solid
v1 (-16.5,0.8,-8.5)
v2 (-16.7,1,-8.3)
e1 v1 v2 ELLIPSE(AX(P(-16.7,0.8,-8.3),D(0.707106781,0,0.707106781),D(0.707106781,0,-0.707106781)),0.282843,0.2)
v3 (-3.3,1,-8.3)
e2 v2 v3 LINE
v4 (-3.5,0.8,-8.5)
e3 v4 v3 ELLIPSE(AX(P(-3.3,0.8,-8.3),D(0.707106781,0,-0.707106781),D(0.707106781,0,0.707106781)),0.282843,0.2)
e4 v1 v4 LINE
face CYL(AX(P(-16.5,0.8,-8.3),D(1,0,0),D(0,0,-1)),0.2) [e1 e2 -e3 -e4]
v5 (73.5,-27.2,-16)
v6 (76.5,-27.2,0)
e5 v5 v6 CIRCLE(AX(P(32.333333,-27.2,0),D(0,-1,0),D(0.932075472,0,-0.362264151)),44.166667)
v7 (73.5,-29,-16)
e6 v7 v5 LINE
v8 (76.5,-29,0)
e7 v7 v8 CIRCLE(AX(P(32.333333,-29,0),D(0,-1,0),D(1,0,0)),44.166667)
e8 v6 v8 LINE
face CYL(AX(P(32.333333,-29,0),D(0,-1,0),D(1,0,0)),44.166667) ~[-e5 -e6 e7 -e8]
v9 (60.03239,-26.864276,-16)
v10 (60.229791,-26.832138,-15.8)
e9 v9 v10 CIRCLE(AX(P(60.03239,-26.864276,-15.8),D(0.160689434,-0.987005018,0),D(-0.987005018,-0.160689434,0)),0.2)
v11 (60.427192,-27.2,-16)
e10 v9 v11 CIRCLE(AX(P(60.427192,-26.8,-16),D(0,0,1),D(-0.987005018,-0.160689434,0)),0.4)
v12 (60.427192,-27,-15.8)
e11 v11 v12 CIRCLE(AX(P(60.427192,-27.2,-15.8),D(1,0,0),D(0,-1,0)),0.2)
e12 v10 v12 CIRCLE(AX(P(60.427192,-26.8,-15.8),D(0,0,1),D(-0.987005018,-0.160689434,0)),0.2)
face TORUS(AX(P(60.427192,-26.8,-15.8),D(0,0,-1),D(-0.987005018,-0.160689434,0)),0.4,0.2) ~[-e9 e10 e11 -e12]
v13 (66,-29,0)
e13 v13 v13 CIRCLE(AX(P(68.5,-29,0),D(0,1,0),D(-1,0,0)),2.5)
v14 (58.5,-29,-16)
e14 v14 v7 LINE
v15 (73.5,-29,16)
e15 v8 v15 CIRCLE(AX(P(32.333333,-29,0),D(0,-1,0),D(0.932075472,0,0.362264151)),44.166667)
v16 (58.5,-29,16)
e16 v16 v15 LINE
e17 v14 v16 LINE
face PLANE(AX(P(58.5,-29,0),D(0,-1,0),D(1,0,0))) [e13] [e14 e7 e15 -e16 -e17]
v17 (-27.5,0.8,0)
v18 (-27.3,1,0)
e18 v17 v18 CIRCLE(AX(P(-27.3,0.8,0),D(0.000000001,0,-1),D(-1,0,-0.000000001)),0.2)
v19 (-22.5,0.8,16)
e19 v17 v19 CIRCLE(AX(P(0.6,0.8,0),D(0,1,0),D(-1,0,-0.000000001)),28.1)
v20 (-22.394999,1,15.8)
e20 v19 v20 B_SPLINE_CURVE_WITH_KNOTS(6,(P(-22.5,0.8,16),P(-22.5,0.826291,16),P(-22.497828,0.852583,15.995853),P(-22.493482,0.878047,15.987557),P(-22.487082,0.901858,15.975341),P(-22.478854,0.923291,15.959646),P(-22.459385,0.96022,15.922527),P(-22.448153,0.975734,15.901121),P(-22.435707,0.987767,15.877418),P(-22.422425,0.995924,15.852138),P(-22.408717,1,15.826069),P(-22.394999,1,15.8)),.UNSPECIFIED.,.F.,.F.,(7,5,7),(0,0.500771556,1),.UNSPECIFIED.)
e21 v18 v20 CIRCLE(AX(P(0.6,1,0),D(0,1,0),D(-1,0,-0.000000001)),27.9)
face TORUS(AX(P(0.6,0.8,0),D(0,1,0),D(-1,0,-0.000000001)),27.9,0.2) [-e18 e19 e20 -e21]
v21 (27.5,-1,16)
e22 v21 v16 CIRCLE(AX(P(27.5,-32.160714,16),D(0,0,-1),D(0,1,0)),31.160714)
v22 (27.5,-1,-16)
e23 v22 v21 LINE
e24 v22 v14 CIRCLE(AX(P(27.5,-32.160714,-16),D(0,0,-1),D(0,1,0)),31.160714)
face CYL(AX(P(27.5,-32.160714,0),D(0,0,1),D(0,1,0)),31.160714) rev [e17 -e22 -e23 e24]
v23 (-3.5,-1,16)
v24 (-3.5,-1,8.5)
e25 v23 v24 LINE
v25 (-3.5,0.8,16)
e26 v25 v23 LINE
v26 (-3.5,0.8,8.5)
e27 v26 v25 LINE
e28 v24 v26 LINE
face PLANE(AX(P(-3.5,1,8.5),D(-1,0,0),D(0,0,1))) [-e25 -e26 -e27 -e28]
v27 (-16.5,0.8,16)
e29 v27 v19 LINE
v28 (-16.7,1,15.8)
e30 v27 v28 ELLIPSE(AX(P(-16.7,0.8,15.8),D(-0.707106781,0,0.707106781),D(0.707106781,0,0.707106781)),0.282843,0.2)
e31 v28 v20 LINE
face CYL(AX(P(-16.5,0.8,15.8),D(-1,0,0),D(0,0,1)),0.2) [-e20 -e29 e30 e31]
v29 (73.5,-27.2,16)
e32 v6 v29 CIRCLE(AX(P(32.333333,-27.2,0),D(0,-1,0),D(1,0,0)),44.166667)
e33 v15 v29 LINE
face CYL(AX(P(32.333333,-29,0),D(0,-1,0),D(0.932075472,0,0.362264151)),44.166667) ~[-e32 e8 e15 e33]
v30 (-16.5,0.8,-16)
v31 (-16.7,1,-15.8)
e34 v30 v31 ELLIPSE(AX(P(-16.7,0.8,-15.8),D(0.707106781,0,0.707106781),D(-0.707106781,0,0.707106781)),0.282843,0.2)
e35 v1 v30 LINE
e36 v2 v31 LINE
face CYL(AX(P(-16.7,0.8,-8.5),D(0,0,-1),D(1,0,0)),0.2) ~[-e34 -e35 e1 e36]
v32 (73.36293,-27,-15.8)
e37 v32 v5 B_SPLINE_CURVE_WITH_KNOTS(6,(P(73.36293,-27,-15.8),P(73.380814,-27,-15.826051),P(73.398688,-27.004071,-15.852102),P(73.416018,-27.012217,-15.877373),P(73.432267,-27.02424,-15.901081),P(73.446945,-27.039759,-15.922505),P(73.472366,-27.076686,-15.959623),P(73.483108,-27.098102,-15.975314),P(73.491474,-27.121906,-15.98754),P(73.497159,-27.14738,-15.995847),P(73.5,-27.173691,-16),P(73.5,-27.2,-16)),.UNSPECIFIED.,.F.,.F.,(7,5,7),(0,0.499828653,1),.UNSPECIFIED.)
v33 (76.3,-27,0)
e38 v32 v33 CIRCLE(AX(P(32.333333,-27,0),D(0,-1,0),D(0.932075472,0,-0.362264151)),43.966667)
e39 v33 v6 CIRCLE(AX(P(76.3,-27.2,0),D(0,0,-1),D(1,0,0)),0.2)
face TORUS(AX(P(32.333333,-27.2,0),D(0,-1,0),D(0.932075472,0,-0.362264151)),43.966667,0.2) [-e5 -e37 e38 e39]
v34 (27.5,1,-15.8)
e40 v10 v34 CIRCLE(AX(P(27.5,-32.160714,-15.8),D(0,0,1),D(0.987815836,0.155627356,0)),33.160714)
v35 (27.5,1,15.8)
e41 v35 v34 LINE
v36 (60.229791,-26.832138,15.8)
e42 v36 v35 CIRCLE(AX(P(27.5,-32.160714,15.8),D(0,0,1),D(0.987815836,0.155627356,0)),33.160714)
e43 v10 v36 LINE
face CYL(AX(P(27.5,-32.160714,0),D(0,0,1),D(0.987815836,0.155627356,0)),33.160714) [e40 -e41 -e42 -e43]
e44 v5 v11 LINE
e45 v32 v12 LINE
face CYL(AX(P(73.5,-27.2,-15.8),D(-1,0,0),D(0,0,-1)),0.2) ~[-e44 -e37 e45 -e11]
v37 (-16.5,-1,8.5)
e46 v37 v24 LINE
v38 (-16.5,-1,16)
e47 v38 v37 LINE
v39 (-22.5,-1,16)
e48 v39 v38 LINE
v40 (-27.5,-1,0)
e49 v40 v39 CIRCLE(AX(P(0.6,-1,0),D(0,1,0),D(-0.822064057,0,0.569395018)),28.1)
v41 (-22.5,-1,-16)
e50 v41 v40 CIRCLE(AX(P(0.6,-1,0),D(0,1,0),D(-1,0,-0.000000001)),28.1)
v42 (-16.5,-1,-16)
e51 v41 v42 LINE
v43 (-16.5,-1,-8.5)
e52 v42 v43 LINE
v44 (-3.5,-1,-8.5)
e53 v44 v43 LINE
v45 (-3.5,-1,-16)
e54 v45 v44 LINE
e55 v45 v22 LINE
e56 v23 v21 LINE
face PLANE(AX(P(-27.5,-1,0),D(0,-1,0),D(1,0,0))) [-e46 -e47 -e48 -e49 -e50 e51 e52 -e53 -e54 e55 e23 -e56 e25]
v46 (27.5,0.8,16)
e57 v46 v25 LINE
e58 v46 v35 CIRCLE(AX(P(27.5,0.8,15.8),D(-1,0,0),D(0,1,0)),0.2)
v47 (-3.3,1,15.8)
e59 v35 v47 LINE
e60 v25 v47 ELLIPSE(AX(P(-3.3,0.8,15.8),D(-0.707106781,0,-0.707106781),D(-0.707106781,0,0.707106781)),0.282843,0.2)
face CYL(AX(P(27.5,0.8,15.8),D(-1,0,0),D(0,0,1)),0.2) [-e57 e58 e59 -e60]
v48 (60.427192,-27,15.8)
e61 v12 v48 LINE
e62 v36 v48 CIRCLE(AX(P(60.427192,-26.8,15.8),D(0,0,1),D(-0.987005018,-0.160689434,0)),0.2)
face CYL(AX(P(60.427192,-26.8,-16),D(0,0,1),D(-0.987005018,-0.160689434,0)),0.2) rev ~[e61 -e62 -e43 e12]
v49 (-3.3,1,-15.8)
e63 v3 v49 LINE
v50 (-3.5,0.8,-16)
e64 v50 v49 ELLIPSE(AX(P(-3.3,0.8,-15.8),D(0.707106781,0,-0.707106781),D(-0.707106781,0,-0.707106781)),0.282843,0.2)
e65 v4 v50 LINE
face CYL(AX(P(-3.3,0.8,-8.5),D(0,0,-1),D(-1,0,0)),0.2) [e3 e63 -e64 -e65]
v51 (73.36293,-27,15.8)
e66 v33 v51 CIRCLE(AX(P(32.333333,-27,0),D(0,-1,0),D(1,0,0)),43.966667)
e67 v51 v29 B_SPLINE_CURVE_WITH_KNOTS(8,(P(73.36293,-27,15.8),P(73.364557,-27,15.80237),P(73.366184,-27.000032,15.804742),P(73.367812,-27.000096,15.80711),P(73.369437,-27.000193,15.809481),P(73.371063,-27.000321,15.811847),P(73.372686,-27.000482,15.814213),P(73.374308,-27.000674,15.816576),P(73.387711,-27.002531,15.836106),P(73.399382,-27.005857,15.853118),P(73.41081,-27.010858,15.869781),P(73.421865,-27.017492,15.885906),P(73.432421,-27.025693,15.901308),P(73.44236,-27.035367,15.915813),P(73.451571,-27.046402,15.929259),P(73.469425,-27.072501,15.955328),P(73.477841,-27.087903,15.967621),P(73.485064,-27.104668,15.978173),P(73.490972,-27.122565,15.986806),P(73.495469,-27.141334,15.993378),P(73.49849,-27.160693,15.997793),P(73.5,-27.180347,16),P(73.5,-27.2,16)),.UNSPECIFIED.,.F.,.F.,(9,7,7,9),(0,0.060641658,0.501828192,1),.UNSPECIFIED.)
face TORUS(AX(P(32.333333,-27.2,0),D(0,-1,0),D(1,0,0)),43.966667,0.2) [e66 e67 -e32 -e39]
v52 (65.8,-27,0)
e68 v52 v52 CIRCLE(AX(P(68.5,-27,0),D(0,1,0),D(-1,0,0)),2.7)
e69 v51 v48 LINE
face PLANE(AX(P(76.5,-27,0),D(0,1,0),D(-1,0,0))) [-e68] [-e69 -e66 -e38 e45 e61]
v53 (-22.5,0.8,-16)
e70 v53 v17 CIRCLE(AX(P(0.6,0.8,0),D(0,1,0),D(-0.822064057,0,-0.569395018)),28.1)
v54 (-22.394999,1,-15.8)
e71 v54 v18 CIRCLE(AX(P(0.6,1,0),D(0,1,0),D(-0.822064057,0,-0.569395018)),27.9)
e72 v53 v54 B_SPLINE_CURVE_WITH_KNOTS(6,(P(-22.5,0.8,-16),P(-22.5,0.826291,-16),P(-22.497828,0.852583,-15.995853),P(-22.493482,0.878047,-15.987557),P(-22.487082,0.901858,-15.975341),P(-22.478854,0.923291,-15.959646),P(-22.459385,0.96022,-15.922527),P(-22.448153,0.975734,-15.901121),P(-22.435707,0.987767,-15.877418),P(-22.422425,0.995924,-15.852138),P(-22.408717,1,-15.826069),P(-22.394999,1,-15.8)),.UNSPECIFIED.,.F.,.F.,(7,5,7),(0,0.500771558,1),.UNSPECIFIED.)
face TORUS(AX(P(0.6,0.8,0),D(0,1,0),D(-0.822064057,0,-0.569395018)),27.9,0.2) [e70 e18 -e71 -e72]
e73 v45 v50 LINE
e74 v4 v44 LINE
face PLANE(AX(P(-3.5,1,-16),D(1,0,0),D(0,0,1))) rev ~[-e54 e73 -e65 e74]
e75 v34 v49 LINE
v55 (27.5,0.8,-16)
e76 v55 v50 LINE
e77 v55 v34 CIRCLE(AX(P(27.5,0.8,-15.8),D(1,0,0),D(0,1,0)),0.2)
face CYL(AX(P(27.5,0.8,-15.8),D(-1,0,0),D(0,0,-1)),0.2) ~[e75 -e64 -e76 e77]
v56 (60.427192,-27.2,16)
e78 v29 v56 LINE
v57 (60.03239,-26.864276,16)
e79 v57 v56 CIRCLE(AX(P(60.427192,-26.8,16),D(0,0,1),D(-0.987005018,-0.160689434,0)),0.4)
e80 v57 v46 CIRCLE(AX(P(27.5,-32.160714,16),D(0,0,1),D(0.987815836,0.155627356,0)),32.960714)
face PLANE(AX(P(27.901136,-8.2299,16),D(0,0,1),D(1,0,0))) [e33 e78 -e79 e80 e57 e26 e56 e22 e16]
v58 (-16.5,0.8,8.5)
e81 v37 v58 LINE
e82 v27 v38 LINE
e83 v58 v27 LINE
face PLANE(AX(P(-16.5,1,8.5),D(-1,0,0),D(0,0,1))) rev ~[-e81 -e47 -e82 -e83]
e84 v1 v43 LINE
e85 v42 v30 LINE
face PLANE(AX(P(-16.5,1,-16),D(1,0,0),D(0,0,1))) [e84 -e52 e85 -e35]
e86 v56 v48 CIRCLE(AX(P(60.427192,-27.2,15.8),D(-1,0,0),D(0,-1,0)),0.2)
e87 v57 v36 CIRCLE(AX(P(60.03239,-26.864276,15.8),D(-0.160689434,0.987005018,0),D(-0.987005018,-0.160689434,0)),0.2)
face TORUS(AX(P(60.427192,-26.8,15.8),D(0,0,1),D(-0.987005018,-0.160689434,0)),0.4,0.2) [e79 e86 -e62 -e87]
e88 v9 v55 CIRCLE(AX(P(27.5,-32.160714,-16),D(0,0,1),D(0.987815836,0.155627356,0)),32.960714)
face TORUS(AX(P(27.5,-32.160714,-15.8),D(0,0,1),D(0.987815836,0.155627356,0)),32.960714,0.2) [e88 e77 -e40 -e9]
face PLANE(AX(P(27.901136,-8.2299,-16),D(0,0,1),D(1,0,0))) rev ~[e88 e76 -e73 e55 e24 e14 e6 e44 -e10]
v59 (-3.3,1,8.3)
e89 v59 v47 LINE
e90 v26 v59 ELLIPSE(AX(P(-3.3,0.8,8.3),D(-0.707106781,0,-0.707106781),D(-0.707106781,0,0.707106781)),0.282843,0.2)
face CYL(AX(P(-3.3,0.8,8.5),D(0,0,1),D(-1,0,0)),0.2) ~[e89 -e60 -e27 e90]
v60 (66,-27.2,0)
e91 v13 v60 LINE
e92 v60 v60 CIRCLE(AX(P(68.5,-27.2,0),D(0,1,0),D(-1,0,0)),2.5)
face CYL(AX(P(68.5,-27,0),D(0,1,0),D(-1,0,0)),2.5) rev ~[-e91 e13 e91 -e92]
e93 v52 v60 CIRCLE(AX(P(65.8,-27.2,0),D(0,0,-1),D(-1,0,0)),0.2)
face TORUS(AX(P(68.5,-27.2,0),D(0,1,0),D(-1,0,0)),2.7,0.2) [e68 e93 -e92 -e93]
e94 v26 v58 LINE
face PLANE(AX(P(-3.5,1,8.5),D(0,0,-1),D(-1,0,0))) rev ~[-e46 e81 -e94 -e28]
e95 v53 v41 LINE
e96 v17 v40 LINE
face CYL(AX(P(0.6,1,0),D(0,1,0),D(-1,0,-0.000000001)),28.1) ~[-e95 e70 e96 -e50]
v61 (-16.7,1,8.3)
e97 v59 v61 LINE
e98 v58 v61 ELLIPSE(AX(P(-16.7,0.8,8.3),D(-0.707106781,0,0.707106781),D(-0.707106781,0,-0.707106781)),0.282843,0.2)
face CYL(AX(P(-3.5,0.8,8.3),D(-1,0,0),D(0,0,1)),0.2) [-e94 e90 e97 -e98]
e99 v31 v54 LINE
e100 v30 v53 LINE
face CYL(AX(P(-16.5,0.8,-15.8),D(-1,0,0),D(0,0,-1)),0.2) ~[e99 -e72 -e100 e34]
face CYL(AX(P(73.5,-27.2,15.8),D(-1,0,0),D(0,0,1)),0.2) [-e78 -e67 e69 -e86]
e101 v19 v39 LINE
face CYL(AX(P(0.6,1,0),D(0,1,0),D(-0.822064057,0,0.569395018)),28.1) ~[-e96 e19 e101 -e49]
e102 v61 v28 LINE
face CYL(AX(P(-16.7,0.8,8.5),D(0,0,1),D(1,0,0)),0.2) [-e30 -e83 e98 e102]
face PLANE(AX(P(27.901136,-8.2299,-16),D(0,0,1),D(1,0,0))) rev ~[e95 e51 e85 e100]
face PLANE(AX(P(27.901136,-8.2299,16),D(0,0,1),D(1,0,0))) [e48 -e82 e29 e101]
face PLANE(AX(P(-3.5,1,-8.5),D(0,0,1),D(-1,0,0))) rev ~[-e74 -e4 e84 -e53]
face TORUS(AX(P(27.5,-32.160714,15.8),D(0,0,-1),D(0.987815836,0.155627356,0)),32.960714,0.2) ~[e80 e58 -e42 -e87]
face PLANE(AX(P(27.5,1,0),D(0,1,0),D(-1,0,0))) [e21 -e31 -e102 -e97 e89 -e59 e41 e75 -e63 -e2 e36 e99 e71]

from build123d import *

# Parameters (mm, degrees)
F1_DEPTH = 16
F3_DEPTH = 12.5
F5_DEPTH = 12.5
F6_W     = 13
F6_H     = 7.5
F7_DEPTH = 12.5
F8_R     = 2.5
F9_DEPTH = 12.5
F10_R    = 0.2


with BuildPart() as f1:
    # F0 (on Top) → F1 (new body, symmetric)
    with BuildSketch(Plane.XY):
        with BuildLine():
            Line((-27.5, -1), (27.5, -1))
            ThreePointArc((27.5, -1), (48.3865985742, -9.0362658643), (58.5, -29))
            Line((58.5, -29), (76.5, -29))
            Line((76.5, -29), (76.5, -27))
            Line((76.5, -27), (60.2566787083, -27))
            ThreePointArc((60.2566787083, -27), (49.0464614264, -6.9539102055), (27.5, 1))
            Line((27.5, 1), (-27.5, 1))
            Line((-27.5, 1), (-27.5, -1))
        make_face()
    extrude(amount=F1_DEPTH, both=True)

    # F2 (on face) → F3 (cut, symmetric)
    with BuildSketch(Plane.XZ.offset(29)):
        with BuildLine():
            Line((76.5, 0), (76.5, 16))
            Line((76.5, 16), (73.5, 16))
            ThreePointArc((73.5, 16), (75.7435215896, 8.139410298), (76.5, 0))
        make_face()
        with BuildLine():
            Line((76.5, -16), (76.5, 0))
            ThreePointArc((76.5, 0), (75.7435215896, -8.139410298), (73.5, -16))
            Line((73.5, -16), (76.5, -16))
        make_face()
    extrude(amount=F3_DEPTH, both=True, mode=Mode.SUBTRACT)

    # F4 (on face) → F5 (cut, symmetric)
    with BuildSketch(Plane(origin=(0, 1, 0), x_dir=(-1, 0, 0), z_dir=(0, 1, 0))):
        with BuildLine():
            Line((27.5, -16), (27.5, -3.42e-08))
            ThreePointArc((27.5, -3.42e-08), (26.2208873777, -8.3815273234), (22.5, -16))
            Line((22.5, -16), (27.5, -16))
        make_face()
        with BuildLine():
            Line((27.5, -3.42e-08), (27.5, 16))
            Line((27.5, 16), (22.5, 16))
            ThreePointArc((22.5, 16), (26.2208873879, 8.3815272908), (27.5, -3.42e-08))
        make_face()
    extrude(amount=F5_DEPTH, both=True, mode=Mode.SUBTRACT)

    # F6 (on face) → F7 (cut, symmetric)
    with BuildSketch(Plane(origin=(0, 1, 0), x_dir=(-1, 0, 0), z_dir=(0, 1, 0))):
        with Locations((10, -12.25)):
            Rectangle(F6_W, F6_H)
        with Locations((10, 12.25)):
            Rectangle(F6_W, F6_H)
    extrude(amount=F7_DEPTH, both=True, mode=Mode.SUBTRACT)

    # F8 (on face) → F9 (cut, symmetric)
    with BuildSketch(Plane(origin=(0, -27, 0), x_dir=(-1, 0, 0), z_dir=(0, 1, 0))):
        with Locations((-68.5, 0)):
            Circle(F8_R)
    extrude(amount=F9_DEPTH, both=True, mode=Mode.SUBTRACT)

    # F10
    f10_edges = [f1.edges().sort_by_distance(p)[0] for p in [
        (76.5, -27, 0),
        (66.878339, -27, 16),
        (66.878339, -27, -16),
        (60.256679, -27, 0),
        (71, -27, 0),
        (49.046461, -6.95391, -16),
        (27.5, 1, 0),
        (49.046461, -6.95391, 16),
        (12, 1, 16),
        (-3.5, 1, 12.25),
        (-10, 1, 8.5),
        (-16.5, 1, 12.25),
        (-19.5, 1, 16),
        (-27.5, 1, 0),
        (-19.5, 1, -16),
        (-16.5, 1, -12.25),
        (-10, 1, -8.5),
        (-3.5, 1, -12.25),
        (12, 1, -16),
    ]]
    fillet(f10_edges, radius=F10_R)


solid = f1.part
